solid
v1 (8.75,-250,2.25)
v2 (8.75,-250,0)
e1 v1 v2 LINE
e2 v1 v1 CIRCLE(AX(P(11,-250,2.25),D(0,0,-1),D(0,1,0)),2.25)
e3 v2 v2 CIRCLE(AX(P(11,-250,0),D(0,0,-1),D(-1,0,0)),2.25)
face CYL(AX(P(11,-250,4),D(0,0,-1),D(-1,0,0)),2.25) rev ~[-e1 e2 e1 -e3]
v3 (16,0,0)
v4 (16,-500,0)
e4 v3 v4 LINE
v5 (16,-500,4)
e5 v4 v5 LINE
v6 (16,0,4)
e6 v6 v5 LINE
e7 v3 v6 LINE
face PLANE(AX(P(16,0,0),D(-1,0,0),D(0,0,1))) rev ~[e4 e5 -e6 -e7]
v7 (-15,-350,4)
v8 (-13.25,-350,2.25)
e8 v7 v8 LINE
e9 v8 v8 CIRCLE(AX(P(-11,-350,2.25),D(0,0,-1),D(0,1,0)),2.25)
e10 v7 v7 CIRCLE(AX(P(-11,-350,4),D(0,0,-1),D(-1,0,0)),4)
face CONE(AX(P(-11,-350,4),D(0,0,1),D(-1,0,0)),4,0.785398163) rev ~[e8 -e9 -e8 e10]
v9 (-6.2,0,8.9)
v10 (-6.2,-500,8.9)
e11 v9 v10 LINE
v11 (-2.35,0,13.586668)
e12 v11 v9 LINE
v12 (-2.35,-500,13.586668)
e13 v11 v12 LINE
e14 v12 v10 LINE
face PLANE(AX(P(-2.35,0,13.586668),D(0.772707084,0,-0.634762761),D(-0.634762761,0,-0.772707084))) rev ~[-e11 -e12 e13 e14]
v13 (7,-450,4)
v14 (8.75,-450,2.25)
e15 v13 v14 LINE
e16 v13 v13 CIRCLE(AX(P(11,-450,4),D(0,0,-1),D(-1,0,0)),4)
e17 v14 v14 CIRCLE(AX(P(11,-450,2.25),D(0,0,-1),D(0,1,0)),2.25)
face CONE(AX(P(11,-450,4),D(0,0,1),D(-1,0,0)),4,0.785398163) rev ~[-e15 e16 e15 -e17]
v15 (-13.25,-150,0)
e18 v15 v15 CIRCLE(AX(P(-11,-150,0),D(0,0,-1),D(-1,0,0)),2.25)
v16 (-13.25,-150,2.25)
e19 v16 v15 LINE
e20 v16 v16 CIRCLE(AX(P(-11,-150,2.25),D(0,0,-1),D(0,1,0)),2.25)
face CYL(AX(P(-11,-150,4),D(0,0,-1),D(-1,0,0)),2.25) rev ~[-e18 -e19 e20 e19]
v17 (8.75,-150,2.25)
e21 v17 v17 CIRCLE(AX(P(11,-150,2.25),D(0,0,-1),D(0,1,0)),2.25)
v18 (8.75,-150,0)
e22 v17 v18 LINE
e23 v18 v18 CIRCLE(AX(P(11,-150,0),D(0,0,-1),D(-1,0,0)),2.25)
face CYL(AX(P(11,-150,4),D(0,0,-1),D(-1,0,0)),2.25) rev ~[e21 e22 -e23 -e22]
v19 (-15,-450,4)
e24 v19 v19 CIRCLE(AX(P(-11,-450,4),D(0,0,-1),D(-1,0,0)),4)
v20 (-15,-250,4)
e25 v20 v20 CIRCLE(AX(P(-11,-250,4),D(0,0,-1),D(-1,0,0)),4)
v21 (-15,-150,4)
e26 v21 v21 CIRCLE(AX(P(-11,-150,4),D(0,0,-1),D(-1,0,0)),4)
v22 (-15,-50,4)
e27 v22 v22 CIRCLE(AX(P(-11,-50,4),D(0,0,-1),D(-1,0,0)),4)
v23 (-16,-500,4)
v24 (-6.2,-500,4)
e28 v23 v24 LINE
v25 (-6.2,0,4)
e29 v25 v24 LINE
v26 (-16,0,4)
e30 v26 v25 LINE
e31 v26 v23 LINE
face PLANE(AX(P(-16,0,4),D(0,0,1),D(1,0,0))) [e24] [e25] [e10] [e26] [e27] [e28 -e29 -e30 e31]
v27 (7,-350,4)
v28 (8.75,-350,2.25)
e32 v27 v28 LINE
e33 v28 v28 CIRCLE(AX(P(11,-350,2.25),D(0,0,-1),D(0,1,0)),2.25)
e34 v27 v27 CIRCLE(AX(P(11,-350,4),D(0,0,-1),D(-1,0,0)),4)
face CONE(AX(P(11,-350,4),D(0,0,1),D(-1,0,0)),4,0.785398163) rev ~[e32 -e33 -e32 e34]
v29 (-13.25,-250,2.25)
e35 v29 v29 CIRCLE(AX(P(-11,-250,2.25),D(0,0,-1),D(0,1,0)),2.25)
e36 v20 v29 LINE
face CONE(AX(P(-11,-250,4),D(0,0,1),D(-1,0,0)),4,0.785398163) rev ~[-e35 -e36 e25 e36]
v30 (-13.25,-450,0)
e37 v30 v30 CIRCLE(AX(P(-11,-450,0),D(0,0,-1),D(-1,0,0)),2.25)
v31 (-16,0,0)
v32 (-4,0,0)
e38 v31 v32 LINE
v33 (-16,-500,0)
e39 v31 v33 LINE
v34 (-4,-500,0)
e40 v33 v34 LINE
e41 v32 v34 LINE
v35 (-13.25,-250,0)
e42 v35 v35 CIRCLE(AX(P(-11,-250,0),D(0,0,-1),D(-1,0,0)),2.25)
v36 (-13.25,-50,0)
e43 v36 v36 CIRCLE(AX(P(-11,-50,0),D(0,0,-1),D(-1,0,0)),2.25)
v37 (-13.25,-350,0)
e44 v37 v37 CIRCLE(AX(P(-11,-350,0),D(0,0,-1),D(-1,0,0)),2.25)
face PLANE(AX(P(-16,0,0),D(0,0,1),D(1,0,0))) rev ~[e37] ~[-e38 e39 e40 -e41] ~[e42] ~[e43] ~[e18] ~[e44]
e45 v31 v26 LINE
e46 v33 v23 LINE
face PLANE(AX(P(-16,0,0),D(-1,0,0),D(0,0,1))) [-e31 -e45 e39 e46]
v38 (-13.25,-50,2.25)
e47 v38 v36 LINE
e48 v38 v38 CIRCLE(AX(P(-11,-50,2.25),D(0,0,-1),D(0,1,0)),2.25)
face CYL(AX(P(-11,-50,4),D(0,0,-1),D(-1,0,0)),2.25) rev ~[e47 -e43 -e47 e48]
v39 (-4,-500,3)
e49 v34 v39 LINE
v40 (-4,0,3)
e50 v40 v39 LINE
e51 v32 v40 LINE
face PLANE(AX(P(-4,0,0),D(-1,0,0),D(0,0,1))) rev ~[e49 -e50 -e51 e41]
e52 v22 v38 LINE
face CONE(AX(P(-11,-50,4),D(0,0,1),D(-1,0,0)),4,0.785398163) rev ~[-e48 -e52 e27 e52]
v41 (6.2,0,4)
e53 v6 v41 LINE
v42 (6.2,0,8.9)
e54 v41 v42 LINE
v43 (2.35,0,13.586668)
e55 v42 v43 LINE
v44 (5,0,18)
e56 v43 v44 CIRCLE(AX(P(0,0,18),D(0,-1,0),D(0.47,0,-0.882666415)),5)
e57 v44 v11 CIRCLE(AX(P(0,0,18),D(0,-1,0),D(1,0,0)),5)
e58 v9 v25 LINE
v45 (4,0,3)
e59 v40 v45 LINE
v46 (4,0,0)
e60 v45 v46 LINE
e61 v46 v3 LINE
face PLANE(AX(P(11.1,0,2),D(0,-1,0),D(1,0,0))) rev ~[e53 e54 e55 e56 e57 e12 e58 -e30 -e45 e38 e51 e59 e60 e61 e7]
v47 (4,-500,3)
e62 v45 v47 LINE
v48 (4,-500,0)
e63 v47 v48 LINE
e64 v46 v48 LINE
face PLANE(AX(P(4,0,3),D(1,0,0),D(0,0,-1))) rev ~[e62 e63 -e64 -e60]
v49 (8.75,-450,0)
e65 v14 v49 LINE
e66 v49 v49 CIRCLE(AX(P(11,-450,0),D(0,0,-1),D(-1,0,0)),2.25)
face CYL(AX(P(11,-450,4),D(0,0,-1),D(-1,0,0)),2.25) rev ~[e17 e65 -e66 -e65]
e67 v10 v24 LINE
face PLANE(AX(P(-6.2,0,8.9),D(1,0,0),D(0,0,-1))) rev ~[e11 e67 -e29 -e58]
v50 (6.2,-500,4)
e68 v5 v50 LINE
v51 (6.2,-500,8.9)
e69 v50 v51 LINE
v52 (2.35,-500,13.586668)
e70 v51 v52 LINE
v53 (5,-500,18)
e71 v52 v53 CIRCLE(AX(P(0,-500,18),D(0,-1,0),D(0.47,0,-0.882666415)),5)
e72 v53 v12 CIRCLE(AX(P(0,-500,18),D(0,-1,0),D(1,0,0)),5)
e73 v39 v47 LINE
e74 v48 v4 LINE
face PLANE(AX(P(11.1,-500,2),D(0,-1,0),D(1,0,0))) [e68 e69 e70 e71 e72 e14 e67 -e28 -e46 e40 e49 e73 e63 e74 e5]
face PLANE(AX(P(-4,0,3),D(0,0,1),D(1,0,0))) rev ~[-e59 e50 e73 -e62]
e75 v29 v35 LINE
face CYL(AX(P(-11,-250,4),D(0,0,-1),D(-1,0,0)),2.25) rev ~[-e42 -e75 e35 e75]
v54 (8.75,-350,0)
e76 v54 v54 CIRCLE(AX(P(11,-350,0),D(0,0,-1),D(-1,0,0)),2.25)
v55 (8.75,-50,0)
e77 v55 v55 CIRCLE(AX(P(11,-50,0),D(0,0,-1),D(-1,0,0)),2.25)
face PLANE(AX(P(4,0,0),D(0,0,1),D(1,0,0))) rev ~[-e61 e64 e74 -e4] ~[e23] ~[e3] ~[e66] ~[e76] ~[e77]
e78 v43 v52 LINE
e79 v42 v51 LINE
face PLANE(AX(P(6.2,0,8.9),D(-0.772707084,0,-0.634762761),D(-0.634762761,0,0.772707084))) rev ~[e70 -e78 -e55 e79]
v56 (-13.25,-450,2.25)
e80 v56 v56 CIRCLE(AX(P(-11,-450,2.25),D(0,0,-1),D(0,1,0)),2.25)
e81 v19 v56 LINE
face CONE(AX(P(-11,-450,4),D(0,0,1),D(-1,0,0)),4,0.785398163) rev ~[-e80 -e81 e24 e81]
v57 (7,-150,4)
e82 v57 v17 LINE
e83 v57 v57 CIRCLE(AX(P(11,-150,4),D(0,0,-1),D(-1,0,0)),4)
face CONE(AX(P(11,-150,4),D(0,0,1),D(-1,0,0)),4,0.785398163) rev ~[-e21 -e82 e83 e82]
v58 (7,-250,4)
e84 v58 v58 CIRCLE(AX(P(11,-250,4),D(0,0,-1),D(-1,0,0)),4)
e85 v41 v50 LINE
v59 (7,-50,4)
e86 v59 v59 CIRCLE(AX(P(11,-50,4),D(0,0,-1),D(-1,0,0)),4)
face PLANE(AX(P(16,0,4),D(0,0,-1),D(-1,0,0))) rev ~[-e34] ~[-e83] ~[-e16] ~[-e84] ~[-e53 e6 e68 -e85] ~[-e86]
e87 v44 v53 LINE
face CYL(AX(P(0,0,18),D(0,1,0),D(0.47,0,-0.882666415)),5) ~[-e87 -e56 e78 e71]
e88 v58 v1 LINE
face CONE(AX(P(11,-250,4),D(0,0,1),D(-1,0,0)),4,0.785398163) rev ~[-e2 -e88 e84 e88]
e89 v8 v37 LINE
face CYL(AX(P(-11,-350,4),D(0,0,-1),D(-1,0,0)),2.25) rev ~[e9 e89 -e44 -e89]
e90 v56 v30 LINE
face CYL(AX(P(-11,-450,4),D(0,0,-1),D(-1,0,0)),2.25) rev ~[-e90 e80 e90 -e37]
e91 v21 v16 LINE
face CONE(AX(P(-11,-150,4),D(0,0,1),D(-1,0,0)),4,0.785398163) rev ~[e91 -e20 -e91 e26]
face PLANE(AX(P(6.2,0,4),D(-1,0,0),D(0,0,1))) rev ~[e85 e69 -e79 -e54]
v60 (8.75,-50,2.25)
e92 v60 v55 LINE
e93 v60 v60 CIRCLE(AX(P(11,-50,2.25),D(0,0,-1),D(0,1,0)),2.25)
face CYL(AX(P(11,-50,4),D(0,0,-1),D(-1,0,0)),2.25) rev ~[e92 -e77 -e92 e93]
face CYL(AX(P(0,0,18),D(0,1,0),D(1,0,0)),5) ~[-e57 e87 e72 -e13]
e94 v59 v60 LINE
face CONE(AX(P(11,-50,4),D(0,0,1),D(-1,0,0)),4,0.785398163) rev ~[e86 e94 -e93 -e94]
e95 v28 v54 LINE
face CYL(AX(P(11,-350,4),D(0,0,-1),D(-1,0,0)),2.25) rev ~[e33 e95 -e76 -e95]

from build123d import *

# Parameters (mm, degrees)
F1_W           = 9.8
F1_H           = 4
F1_W_2         = 12.4
F1_H_2         = 4.9
F3_DEPTH       = 500
F5_D           = 4.5
F5_CSINK_D     = 8
F5_CSINK_ANGLE = 90


with BuildPart() as f3:
    # F1 (on Front) → F3 (new body, through all)
    with BuildSketch(Plane.XZ):
        with Locations((11.1, 2)):
            Rectangle(F1_W, F1_H)
        Polygon((-6.2, 4), (-6.2, 0), (-4, 0), (-4, 3), (4, 3), (4, 0), (6.2, 0), (6.2, 4), align=None)
        with Locations((0, 6.45)):
            Rectangle(F1_W_2, F1_H_2)
        with BuildLine():
            ThreePointArc((5, 18), (-2.5739075352, 22.2866070499), (-2.35, 13.5866679255))
            ThreePointArc((-2.35, 13.5866679255), (0, 13), (2.35, 13.5866679255))
            ThreePointArc((2.35, 13.5866679255), (4.2866070499, 15.4260924648), (5, 18))
        make_face()
        with Locations((-11.1, 2)):
            Rectangle(F1_W, F1_H)
        with BuildLine():
            Line((-2.35, 13.5866679255), (-6.2, 8.9))
            Line((-6.2, 8.9), (6.2, 8.9))
            Line((6.2, 8.9), (2.35, 13.5866679255))
            ThreePointArc((2.35, 13.5866679255), (0, 13), (-2.35, 13.5866679255))
        make_face()
    extrude(amount=F3_DEPTH)

    # F5 (through all)
    with Locations(Plane.XY.offset(4)):
        with Locations((11, -50), (-11, -50), (-11, -150), (11, -150), (11, -250), (-11, -250), (11, -350), (-11, -350), (11, -450), (-11, -450)):
            CounterSinkHole(F5_D / 2, F5_CSINK_D / 2, counter_sink_angle=F5_CSINK_ANGLE)


with BuildPart() as f6_1:
    # F6: copy of F3
    add(f3.part)


solid = f3.part
